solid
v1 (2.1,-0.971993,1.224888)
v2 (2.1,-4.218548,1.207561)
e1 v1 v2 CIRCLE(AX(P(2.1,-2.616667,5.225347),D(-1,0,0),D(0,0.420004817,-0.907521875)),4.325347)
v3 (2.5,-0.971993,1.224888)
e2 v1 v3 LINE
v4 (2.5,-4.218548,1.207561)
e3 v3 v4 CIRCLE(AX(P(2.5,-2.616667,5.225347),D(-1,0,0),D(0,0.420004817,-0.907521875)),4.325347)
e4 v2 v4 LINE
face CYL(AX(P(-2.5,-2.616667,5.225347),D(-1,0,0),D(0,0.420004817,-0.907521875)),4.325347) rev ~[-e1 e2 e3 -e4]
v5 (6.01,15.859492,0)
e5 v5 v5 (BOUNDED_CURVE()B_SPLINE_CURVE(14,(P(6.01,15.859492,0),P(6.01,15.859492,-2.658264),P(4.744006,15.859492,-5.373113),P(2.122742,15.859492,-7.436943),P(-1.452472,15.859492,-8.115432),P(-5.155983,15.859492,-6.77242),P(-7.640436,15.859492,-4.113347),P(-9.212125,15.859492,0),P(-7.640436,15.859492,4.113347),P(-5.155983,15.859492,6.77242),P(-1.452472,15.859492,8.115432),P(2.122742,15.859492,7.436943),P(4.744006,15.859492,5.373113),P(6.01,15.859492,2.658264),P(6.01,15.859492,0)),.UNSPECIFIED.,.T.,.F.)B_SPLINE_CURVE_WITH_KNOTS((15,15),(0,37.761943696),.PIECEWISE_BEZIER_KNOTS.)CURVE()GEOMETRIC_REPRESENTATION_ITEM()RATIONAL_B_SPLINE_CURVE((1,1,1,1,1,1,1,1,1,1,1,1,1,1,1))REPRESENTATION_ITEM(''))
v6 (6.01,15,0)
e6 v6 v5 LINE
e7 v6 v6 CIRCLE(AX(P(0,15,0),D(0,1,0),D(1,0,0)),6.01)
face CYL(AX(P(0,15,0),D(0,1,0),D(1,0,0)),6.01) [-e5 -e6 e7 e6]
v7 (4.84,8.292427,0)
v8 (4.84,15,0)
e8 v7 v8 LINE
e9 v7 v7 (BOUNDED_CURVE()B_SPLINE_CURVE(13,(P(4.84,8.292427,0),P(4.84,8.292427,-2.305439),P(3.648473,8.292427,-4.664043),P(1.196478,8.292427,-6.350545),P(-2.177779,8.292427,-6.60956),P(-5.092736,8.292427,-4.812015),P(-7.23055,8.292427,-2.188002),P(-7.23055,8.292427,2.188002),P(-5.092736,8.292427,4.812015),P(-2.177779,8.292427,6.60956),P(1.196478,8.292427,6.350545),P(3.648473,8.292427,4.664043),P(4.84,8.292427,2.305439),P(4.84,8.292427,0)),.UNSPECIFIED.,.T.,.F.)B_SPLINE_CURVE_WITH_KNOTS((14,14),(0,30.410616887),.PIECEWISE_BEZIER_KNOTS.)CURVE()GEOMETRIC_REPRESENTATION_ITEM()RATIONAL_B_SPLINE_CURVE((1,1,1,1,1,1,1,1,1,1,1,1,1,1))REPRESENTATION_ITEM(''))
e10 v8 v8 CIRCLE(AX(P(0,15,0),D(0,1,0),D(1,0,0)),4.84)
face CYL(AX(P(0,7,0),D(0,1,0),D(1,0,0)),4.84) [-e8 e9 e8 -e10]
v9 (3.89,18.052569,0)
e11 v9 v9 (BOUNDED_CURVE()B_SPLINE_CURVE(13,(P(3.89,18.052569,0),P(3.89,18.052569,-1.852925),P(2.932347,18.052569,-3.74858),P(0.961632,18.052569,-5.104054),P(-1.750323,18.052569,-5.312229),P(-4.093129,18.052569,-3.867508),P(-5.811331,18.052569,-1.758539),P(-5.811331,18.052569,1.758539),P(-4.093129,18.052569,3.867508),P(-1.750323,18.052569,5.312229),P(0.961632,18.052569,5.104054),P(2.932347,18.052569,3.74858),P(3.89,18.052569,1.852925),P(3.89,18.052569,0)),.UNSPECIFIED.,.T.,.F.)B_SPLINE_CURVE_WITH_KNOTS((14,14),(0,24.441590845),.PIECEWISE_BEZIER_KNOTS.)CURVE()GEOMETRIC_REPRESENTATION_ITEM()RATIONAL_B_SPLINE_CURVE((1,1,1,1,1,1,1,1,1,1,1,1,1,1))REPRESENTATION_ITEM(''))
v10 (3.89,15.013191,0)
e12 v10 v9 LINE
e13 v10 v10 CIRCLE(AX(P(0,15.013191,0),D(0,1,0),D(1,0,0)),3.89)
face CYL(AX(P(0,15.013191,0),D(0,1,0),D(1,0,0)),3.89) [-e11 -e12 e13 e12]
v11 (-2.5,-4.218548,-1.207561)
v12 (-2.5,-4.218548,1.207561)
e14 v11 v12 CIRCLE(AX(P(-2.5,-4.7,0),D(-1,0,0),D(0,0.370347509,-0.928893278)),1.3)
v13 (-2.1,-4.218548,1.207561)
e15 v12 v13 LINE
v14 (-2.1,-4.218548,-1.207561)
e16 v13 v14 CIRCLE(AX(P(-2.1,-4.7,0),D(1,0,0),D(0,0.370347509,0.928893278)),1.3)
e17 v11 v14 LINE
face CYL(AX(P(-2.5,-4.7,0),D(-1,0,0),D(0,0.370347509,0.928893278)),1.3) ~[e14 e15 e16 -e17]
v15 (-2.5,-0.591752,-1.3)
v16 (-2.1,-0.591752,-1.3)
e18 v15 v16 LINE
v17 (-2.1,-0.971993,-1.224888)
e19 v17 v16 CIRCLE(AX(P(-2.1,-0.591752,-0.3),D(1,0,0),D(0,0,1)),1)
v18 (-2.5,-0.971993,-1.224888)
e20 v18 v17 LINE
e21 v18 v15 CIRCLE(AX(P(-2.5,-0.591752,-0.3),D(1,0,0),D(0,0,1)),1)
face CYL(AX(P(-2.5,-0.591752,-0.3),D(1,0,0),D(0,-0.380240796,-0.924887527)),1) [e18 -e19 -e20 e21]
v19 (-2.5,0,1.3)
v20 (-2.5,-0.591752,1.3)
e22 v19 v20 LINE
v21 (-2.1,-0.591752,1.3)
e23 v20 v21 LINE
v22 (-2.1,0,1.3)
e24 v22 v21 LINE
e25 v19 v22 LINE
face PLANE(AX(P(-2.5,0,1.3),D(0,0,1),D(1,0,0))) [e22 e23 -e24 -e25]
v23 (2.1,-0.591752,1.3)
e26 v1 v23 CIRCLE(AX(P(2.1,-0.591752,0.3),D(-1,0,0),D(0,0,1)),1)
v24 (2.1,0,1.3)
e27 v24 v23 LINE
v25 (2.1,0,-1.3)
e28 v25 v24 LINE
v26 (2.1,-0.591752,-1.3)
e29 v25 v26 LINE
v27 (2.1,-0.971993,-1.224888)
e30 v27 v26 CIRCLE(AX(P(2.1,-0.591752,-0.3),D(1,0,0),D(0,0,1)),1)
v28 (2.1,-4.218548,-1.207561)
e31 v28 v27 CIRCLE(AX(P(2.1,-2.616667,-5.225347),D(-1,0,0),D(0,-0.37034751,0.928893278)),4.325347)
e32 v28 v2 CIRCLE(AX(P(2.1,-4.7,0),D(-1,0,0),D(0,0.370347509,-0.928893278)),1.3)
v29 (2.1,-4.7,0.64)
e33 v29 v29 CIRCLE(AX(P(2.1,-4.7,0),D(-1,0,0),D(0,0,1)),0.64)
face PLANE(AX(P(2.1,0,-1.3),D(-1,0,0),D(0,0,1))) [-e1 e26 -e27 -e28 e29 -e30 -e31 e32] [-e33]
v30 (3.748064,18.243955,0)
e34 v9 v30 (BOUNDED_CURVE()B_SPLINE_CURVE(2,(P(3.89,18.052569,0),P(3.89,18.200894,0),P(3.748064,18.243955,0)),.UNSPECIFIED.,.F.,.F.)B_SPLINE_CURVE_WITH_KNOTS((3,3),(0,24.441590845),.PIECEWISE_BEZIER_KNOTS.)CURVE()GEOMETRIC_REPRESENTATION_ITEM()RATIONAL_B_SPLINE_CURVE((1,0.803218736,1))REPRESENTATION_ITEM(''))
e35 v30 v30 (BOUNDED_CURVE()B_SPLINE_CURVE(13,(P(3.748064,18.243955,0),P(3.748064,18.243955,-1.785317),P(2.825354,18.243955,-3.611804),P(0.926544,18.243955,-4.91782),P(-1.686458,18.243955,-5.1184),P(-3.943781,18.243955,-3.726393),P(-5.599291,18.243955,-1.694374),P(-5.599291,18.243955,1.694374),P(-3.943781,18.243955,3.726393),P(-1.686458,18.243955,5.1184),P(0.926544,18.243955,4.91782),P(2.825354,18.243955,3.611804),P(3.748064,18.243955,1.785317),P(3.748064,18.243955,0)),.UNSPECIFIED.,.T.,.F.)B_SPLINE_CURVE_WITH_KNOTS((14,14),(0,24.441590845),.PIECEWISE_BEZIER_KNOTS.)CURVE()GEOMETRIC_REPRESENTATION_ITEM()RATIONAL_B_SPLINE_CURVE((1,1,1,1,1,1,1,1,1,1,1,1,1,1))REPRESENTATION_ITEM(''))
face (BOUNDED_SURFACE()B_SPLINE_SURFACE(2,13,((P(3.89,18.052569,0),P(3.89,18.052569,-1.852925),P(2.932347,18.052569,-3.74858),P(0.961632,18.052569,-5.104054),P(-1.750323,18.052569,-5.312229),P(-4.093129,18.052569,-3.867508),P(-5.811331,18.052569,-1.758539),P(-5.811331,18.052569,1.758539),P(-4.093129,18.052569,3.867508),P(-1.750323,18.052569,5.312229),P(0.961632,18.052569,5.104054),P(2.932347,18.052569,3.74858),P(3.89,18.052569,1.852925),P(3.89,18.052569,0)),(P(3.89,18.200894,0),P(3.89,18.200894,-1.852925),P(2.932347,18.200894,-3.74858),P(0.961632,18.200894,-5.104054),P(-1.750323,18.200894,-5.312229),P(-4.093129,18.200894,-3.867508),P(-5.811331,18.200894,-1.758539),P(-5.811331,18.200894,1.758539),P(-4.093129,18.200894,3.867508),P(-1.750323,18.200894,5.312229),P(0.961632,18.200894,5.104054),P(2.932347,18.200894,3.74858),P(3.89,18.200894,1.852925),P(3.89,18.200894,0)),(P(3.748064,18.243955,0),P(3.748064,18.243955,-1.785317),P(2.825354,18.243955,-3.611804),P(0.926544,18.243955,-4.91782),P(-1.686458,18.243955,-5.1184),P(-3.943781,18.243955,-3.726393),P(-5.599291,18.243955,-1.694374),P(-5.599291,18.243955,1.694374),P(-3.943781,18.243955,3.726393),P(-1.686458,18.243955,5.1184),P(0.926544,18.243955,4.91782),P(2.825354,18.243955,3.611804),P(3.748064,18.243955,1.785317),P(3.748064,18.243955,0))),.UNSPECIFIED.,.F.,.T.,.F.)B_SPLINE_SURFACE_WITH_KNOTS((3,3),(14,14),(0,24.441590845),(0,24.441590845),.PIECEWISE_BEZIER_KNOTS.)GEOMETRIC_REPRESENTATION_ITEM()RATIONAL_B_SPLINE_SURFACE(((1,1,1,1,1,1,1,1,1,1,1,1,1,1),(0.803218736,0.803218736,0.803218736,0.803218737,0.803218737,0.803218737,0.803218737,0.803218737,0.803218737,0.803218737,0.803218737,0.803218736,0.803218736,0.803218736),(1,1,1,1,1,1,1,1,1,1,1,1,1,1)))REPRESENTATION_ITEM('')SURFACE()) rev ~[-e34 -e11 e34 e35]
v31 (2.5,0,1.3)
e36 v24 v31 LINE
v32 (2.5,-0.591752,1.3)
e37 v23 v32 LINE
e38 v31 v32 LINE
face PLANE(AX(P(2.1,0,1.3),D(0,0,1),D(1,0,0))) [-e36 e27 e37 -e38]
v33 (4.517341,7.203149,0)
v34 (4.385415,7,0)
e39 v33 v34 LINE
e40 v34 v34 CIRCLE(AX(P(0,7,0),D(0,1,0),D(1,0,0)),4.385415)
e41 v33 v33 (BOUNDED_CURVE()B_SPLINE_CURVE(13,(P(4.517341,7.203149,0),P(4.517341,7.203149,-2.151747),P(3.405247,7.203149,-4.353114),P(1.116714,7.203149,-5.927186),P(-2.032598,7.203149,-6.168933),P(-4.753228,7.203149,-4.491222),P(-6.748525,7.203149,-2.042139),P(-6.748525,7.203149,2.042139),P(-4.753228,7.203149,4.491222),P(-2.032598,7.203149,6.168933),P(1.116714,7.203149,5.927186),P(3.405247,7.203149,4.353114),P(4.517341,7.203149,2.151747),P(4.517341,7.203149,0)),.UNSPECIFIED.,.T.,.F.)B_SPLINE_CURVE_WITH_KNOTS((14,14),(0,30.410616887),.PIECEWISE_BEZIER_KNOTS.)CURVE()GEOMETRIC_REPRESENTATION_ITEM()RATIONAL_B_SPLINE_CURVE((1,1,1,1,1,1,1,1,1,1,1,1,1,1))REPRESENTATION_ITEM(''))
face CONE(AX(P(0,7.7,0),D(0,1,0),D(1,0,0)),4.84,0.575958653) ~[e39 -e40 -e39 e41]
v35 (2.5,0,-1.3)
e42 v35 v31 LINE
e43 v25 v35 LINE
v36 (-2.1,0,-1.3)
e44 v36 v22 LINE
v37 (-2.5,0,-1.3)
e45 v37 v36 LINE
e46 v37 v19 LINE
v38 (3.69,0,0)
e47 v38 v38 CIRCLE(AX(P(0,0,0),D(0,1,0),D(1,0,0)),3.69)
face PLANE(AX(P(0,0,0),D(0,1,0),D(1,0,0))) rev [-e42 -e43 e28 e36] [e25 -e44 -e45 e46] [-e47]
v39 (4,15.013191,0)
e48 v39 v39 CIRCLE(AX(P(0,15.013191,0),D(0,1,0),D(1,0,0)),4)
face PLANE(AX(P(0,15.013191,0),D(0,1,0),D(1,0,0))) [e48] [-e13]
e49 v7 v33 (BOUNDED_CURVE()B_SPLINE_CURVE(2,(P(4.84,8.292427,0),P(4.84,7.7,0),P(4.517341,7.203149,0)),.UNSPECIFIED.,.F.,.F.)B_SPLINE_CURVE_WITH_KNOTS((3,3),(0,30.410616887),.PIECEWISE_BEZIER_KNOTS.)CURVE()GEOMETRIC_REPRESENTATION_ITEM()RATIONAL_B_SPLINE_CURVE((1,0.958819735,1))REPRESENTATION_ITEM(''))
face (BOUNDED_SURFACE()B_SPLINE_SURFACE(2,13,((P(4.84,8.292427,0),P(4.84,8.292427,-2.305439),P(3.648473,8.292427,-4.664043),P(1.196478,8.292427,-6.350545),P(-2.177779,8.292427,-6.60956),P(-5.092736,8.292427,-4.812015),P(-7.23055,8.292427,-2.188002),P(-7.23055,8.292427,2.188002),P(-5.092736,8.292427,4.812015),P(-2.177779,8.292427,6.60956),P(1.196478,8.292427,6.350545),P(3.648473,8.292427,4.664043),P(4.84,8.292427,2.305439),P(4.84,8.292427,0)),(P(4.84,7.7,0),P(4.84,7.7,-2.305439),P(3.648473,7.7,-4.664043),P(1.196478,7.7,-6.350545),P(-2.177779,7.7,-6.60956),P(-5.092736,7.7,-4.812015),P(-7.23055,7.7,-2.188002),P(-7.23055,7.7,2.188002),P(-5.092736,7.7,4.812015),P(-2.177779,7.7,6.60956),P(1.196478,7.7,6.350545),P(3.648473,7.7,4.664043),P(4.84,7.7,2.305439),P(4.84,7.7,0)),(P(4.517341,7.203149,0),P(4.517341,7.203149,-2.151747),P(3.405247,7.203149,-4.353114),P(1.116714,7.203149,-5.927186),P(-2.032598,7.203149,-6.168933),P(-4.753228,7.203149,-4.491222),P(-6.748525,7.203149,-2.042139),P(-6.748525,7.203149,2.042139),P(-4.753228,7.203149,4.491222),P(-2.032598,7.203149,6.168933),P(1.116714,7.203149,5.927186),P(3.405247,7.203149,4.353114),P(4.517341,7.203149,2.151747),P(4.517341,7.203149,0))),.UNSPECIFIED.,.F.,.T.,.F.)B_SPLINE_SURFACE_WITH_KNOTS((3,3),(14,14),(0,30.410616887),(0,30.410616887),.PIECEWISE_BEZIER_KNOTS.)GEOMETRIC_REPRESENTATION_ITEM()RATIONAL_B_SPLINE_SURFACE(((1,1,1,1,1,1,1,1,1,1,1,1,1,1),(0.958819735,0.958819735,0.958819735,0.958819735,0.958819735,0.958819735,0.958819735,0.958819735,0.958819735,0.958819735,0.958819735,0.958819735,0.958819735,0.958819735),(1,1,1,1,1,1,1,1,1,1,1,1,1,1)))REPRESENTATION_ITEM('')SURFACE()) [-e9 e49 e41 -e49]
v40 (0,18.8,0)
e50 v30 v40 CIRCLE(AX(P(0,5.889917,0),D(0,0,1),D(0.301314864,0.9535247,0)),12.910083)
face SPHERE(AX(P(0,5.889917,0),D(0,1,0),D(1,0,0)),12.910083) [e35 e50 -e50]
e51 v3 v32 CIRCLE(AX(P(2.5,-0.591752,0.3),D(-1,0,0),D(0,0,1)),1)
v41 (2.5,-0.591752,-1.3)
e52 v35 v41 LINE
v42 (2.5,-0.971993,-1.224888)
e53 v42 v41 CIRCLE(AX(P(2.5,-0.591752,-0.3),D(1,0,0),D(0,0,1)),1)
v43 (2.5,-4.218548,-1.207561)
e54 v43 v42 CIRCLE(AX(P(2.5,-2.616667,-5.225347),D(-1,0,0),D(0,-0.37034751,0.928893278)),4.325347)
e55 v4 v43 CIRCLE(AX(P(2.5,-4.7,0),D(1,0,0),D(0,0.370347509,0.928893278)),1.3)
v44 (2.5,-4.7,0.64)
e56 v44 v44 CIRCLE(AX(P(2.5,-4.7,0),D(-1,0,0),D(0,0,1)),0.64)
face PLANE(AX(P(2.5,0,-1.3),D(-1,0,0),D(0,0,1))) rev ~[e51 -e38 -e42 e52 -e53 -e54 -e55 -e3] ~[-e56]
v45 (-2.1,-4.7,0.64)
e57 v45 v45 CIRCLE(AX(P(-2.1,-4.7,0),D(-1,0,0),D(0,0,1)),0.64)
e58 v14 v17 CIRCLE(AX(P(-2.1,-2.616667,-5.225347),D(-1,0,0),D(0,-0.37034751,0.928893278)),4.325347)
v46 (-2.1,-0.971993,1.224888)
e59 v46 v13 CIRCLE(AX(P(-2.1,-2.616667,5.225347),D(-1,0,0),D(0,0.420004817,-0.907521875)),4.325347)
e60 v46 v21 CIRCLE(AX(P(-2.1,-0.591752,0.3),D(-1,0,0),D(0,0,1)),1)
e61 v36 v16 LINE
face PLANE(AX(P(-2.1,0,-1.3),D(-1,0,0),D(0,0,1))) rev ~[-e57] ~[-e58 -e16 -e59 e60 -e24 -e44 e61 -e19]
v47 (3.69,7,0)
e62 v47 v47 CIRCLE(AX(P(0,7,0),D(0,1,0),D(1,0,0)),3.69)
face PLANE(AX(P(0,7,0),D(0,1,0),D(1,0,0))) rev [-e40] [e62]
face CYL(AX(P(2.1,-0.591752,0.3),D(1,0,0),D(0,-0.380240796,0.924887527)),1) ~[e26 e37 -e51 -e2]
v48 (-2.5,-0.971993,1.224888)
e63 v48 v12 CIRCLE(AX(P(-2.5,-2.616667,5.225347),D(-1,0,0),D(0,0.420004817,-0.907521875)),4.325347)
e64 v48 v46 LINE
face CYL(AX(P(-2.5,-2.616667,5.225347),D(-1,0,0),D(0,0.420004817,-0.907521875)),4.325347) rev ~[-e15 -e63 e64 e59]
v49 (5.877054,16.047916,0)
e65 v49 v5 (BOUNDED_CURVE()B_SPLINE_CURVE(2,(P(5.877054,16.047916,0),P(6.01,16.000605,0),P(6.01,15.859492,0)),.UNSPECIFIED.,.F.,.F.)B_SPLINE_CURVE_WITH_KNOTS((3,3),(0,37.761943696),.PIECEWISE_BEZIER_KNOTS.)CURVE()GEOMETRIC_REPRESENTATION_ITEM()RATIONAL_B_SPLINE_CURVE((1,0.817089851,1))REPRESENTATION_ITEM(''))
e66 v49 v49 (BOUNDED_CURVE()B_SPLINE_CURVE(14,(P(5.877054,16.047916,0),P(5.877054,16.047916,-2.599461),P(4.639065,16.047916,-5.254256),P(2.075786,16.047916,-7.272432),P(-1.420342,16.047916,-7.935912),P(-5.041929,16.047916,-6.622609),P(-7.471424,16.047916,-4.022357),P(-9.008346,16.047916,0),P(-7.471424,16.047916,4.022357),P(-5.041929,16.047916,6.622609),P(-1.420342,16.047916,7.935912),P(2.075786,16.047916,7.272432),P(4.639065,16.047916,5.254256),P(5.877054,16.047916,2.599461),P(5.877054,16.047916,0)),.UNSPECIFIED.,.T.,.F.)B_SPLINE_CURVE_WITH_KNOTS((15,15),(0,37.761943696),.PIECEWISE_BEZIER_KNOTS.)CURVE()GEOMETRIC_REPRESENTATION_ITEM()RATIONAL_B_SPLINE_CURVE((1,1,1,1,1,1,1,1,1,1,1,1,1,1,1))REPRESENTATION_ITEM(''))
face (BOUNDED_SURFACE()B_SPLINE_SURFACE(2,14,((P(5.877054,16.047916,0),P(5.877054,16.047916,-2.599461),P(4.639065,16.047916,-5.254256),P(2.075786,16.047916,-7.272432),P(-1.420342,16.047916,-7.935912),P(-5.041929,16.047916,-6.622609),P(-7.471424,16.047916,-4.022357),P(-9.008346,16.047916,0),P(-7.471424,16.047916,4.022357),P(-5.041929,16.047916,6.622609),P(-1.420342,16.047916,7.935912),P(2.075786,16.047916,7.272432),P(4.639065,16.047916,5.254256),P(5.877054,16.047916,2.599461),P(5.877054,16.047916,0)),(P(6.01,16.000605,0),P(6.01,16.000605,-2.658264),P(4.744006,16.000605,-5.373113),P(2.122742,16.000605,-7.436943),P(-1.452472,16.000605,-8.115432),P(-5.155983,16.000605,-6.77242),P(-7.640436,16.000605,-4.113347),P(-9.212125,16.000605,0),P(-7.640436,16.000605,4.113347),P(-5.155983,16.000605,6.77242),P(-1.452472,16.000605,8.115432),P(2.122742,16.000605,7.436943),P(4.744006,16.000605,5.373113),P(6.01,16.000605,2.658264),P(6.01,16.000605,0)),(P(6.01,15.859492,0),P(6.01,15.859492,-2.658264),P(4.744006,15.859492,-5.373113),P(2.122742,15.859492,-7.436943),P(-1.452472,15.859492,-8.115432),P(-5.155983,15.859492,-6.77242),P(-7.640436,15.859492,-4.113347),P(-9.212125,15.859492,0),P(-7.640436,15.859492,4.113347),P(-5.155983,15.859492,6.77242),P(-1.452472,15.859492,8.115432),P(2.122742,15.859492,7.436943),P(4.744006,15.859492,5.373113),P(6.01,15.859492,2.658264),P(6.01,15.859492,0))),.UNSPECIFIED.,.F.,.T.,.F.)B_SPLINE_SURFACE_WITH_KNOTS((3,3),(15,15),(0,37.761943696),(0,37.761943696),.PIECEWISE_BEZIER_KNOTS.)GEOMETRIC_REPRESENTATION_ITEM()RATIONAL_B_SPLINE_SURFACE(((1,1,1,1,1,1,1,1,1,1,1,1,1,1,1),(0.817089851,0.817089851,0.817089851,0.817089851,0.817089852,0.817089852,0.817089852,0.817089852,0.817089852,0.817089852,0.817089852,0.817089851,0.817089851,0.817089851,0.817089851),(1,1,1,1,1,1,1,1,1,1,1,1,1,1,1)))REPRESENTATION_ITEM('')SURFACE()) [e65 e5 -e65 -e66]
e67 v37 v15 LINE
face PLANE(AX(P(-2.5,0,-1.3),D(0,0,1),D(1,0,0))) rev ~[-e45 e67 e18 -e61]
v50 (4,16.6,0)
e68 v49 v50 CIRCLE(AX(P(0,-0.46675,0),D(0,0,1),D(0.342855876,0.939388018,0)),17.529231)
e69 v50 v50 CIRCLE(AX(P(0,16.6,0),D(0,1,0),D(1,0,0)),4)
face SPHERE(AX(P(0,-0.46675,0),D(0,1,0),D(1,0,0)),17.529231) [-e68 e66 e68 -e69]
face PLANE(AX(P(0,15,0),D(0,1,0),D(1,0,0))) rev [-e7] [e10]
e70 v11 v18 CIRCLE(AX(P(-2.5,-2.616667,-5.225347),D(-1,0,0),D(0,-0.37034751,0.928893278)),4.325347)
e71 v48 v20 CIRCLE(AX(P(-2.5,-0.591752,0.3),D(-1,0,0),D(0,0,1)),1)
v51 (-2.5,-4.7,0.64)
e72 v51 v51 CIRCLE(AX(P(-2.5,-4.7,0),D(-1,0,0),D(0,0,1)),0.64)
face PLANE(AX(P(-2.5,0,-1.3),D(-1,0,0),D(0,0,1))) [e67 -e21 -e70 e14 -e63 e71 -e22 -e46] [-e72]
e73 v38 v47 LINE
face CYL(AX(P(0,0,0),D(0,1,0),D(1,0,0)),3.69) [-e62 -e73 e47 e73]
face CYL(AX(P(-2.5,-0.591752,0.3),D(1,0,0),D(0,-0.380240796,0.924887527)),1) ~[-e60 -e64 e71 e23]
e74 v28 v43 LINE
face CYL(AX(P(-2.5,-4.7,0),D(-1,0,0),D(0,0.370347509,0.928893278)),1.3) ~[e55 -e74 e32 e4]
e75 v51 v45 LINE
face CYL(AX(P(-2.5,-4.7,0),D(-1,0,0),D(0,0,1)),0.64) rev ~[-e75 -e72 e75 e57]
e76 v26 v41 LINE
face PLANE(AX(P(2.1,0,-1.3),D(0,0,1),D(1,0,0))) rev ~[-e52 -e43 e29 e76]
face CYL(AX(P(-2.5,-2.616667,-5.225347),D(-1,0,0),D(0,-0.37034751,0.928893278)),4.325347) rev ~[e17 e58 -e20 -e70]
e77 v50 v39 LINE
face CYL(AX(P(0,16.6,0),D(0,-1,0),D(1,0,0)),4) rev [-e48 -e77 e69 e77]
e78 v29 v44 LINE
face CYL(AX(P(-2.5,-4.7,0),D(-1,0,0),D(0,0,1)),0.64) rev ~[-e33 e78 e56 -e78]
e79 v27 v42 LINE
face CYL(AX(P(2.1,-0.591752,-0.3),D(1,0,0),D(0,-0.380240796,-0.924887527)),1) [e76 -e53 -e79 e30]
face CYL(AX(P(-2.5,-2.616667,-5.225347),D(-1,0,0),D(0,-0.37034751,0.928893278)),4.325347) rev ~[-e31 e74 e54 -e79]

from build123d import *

# Parameters (mm, degrees)
CONG_1_R                = 0.2
CONG_2_R                = 0.2
CHANFREIN1_SIZE         = 0.7
CHANFREIN1_SIZE2        = 0.454585315
CONG_3_R                = 2
ESQUISSE2_W             = 0.4
ESQUISSE2_H             = 2.6
BOSS_EXTRU_1_DEPTH      = 6
ESQUISSE3_R             = 0.64
ENL_V_MAT_EXTRU_1_DEPTH = 6
CONG_4_R                = 1


with BuildPart() as part:
    # Esquisse1 → Révolution1 (revolve)
    with BuildSketch(Plane.XY):
        with BuildLine():
            Line((0, 18.8), (0, 0))
            Line((0, 0), (3.69, 0))
            Line((3.69, 0), (3.69, 7))
            Line((3.69, 7), (4.84, 7))
            Line((4.84, 7), (4.84, 15))
            Line((4.84, 15), (6.01, 15))
            Line((6.01, 15), (6.01, 16))
            ThreePointArc((6.01, 16), (5.013982948, 16.330092875), (4, 16.6))
            Line((4, 16.6), (4, 15.013190638))
            Line((4, 15.013190638), (3.89, 15.013190638))
            Line((3.89, 15.013190638), (3.89, 18.2))
            ThreePointArc((3.89, 18.2), (1.968000254, 18.649118314), (0, 18.8))
        make_face()
    revolve(axis=Axis((0, 0, 0), (0, 1, 0)))

    # Congé1
    cong_1_edges = [part.edges().sort_by_distance(p)[0] for p in [
        (-3.89, 18.2, 0),
    ]]
    fillet(cong_1_edges, radius=CONG_1_R)

    # Congé2
    cong_2_edges = [part.edges().sort_by_distance(p)[0] for p in [
        (-6.01, 16, 0),
    ]]
    fillet(cong_2_edges, radius=CONG_2_R)

    # Chanfrein1
    chanfrein1_edges = [part.edges().sort_by_distance(p)[0] for p in [
        (-4.84, 7, 0),
    ]]
    chanfrein1_side = [part.faces().sort_by_distance(p)[0] for p in [
        (-4.84, 11, 0),
    ]]
    chamfer(chanfrein1_edges, length=CHANFREIN1_SIZE, length2=CHANFREIN1_SIZE2, reference=chanfrein1_side[0])

    # Congé3
    cong_3_edges = [part.edges().sort_by_distance(p)[0] for p in [
        (-4.84, 7.7, 0),
    ]]
    fillet(cong_3_edges, radius=CONG_3_R)

    # Esquisse2 → Boss.-Extru.1 (add)
    with BuildSketch(Plane.XZ):
        with Locations((2.3, 0)):
            Rectangle(ESQUISSE2_W, ESQUISSE2_H)
        with Locations((-2.3, 0)):
            Rectangle(ESQUISSE2_W, ESQUISSE2_H)
    extrude(amount=BOSS_EXTRU_1_DEPTH)

    # Esquisse3 → Enlèv. mat.-Extru.1 (cut)
    with BuildSketch(Plane.ZY.offset(2.5)):
        with Locations((0, -4.7)):
            Circle(ESQUISSE3_R)
        with BuildLine():
            Line((-1.3, -0.8), (-4.192462756, -0.8))
            Line((-4.192462756, -0.8), (-4.192462756, -7.475627282))
            Line((-4.192462756, -7.475627282), (5.572809524, -7.57510374))
            Line((5.572809524, -7.57510374), (5.225347222, -0.8))
            Line((5.225347222, -0.8), (1.3, -0.8))
            ThreePointArc((1.3, -0.8), (0.901580438, -2.499750503), (1.207561262, -4.218548238))
            ThreePointArc((1.207561262, -4.218548238), (0, -6), (-1.207561262, -4.218548238))
            ThreePointArc((-1.207561262, -4.218548238), (-0.901580438, -2.499750503), (-1.3, -0.8))
        make_face()
    extrude(amount=-ENL_V_MAT_EXTRU_1_DEPTH, mode=Mode.SUBTRACT)

    # Congé4
    cong_4_edges = [part.edges().sort_by_distance(p)[0] for p in [
        (-2.3, -0.8, 1.3),
        (-2.3, -0.8, -1.3),
        (2.3, -0.8, -1.3),
        (2.3, -0.8, 1.3),
    ]]
    fillet(cong_4_edges, radius=CONG_4_R)


solid = part.part
